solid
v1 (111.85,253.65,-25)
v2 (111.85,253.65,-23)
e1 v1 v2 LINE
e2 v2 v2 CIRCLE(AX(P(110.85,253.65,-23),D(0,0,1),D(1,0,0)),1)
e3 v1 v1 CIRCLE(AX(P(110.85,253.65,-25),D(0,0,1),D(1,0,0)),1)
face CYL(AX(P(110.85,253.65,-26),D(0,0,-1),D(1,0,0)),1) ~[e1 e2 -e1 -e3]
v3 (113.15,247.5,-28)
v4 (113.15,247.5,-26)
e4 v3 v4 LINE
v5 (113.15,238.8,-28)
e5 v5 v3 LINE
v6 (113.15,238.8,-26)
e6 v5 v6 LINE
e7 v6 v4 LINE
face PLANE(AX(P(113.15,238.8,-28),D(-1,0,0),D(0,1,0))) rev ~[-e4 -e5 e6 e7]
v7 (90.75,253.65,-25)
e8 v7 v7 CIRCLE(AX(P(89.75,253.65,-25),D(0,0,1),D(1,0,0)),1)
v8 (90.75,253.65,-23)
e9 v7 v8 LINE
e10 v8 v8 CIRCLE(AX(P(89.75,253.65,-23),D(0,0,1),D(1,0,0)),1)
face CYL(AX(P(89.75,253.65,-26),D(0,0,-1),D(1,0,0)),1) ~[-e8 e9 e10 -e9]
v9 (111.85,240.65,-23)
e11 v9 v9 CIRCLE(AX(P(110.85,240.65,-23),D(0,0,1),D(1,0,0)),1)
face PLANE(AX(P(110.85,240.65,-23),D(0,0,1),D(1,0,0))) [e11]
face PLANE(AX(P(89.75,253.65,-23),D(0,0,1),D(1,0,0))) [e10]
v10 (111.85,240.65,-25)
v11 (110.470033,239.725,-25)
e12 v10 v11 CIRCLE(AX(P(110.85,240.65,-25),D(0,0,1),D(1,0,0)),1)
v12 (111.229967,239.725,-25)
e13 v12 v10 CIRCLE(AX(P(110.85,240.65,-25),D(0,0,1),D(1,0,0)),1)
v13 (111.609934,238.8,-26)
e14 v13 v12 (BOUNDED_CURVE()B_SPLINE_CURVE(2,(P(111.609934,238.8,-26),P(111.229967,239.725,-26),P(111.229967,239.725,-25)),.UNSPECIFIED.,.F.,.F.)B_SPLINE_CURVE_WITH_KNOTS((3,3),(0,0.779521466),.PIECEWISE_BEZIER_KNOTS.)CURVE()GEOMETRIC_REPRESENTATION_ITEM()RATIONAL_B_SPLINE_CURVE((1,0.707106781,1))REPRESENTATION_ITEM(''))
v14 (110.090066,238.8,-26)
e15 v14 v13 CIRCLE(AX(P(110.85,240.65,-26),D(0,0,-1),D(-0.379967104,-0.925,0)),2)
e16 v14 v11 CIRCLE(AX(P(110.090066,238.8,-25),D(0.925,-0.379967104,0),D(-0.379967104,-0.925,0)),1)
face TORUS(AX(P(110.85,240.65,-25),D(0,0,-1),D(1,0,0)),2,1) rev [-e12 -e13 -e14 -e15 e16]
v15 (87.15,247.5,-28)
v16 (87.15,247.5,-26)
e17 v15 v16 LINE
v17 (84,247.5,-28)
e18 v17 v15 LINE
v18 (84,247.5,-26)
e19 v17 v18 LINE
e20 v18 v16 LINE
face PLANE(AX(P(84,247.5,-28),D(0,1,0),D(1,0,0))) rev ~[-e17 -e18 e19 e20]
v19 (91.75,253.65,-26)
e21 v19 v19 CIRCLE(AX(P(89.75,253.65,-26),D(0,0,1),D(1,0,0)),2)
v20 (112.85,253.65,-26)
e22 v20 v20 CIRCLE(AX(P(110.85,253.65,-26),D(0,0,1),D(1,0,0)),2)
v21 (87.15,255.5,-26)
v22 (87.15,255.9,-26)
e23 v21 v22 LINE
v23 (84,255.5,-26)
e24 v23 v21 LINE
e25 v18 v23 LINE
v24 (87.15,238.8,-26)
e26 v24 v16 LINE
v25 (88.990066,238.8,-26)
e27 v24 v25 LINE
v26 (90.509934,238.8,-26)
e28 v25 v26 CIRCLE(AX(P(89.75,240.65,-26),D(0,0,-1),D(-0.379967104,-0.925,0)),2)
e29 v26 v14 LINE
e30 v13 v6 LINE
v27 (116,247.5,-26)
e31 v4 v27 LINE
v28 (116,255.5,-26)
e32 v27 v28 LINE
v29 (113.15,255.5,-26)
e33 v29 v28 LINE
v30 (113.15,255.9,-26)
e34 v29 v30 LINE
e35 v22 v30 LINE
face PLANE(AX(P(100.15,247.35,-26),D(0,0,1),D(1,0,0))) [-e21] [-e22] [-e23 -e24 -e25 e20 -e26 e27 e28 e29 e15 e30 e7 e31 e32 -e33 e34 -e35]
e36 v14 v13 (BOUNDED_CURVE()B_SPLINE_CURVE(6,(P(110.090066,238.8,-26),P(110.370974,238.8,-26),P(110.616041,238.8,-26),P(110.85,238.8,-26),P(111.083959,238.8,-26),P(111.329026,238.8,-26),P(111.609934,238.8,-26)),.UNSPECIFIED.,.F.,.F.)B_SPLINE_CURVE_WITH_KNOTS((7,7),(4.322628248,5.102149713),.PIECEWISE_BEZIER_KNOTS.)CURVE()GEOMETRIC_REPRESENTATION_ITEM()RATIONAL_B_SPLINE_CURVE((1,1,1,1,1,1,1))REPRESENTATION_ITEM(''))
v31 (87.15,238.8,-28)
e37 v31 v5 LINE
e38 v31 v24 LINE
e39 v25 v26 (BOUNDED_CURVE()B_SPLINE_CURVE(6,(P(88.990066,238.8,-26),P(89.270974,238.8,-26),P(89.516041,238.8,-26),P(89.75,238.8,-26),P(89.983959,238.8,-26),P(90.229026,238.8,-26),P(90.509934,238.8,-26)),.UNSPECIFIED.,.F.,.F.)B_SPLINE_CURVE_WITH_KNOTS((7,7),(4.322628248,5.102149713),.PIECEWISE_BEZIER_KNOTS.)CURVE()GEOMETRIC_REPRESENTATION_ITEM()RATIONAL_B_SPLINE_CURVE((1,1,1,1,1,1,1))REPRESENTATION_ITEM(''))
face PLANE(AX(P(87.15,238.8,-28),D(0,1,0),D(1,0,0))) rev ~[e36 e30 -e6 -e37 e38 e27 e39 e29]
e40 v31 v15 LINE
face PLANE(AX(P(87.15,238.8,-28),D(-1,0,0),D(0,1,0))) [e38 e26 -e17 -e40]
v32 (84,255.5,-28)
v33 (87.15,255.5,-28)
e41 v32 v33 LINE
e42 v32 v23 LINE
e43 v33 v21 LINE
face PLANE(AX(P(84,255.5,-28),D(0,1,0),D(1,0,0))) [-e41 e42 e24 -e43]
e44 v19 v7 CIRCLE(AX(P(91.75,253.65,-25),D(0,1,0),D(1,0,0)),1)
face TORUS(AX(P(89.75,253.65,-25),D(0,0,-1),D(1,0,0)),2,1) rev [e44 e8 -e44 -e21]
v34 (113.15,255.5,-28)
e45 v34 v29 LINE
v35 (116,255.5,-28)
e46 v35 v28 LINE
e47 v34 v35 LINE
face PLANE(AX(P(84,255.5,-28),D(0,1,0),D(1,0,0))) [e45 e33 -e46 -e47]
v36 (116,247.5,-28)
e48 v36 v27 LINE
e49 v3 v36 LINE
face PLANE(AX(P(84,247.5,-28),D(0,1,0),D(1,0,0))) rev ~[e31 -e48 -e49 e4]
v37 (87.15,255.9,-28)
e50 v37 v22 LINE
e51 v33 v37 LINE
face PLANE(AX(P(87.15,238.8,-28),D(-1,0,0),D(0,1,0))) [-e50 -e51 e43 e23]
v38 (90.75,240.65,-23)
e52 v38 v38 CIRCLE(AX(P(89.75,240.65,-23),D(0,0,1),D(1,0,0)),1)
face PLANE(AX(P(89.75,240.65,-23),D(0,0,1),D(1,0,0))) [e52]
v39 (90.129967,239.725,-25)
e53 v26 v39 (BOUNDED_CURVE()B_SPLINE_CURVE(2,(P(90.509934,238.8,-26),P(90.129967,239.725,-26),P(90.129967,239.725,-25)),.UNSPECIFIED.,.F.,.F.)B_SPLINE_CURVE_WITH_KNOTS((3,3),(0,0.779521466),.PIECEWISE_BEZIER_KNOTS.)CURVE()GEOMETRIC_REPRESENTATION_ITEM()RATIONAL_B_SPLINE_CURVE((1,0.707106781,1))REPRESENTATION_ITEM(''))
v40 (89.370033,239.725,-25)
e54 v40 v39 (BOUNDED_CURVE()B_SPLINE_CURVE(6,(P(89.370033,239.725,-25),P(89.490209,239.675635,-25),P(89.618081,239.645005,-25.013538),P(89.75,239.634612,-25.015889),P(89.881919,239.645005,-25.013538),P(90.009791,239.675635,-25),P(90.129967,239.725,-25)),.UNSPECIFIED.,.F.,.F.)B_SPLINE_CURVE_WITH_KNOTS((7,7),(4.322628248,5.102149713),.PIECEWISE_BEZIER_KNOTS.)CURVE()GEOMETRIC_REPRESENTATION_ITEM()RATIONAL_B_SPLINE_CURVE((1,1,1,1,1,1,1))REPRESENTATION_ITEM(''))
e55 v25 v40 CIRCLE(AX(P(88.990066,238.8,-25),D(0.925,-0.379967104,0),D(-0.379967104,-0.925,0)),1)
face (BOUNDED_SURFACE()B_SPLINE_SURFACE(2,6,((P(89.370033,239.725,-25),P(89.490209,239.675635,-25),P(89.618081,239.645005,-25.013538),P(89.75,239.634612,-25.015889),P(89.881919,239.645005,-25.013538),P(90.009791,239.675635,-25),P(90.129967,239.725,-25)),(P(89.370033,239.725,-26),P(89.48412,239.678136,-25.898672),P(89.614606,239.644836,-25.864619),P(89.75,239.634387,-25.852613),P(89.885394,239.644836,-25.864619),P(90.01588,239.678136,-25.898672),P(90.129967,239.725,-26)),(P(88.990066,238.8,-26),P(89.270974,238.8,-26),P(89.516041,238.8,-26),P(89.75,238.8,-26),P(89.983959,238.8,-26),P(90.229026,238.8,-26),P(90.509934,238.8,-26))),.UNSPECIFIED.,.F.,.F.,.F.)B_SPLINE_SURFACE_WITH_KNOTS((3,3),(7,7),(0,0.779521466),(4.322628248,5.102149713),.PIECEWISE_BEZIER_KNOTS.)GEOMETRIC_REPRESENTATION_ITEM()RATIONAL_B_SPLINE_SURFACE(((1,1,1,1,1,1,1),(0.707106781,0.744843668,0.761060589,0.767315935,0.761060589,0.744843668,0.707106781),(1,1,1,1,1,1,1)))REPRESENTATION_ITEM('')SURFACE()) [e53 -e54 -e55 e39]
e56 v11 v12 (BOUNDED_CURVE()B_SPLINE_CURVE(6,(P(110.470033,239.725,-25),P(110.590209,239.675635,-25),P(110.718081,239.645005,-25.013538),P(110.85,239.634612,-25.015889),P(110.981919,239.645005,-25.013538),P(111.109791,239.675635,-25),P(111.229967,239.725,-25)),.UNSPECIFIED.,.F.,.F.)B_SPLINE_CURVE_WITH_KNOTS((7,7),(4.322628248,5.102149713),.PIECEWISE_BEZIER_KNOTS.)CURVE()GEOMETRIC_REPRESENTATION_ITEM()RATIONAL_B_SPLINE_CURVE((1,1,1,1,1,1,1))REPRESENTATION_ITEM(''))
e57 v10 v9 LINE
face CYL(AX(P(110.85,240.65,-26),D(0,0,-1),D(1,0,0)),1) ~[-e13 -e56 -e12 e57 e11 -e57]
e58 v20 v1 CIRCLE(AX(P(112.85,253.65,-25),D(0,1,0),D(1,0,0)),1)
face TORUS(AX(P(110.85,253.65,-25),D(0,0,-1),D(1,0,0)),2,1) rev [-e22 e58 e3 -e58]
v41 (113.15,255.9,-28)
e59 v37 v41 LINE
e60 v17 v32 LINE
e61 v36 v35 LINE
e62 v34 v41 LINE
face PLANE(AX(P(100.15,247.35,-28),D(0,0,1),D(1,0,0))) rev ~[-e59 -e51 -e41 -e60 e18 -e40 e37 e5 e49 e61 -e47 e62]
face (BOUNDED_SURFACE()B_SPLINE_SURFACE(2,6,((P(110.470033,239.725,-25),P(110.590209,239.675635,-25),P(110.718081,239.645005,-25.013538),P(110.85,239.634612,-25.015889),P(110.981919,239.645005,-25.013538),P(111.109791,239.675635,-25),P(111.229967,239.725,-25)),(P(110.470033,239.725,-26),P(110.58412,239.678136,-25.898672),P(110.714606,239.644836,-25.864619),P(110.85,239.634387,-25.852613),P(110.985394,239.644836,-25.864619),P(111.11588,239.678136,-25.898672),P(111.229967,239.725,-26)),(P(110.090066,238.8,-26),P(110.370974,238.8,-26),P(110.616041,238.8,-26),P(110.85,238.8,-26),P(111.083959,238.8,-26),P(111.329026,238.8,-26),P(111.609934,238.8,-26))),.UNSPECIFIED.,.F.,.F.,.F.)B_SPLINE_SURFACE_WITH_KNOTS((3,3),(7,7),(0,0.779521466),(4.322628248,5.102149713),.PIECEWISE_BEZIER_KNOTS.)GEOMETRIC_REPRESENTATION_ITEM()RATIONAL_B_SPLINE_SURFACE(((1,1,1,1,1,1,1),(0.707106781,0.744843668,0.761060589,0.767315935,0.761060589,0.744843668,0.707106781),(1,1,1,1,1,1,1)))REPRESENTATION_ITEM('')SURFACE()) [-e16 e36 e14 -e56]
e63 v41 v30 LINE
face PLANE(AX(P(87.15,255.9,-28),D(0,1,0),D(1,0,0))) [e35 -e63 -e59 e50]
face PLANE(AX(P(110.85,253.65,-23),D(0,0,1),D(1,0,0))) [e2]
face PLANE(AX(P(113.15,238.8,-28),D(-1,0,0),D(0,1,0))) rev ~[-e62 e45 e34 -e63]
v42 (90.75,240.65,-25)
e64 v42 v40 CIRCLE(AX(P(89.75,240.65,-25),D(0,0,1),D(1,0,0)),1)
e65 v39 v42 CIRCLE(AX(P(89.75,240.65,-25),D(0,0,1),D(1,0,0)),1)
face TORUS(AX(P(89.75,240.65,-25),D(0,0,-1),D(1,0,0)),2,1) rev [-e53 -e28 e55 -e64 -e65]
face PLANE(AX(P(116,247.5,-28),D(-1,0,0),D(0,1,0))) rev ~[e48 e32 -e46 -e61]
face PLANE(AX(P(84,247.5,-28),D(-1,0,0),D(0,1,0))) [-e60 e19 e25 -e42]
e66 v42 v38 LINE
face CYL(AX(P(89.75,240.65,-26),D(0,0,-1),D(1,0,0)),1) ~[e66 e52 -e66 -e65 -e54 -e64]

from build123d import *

# Parameters (mm, degrees)
CYLINDER015_R     = 1
CYLINDER015_DEPTH = 3
CYLINDER014_R     = 1
CYLINDER014_DEPTH = 3
CYLINDER013_R     = 1
CYLINDER013_DEPTH = 3
CYLINDER016_R     = 1
CYLINDER016_DEPTH = 3
BOX004_W          = 26
BOX004_H          = 17.1
BOX004_DEPTH      = 2
BOX005_W          = 32
BOX005_H          = 8
BOX005_DEPTH      = 2
FILLET003_R       = 1


with BuildPart() as cilindro015:
    # Cylinder015 → Cylinder015 (new body)
    with BuildSketch(Plane(origin=(89.75, 253.65, 4), x_dir=(1, 0, 0), z_dir=(0, 0, 1))):
        Circle(CYLINDER015_R)
    extrude(amount=CYLINDER015_DEPTH)


with BuildPart() as cilindro014:
    # Cylinder014 → Cylinder014 (new body)
    with BuildSketch(Plane(origin=(89.75, 240.65, 4), x_dir=(1, 0, 0), z_dir=(0, 0, 1))):
        Circle(CYLINDER014_R)
    extrude(amount=CYLINDER014_DEPTH)


with BuildPart() as cilindro013:
    # Cylinder013 → Cylinder013 (new body)
    with BuildSketch(Plane(origin=(110.85, 240.65, 4), x_dir=(1, 0, 0), z_dir=(0, 0, 1))):
        Circle(CYLINDER013_R)
    extrude(amount=CYLINDER013_DEPTH)


with BuildPart() as fusion011:
    # Cylinder016 → Cylinder016 (new body)
    with BuildSketch(Plane(origin=(110.85, 253.65, 4), x_dir=(1, 0, 0), z_dir=(0, 0, 1))):
        Circle(CYLINDER016_R)
    extrude(amount=CYLINDER016_DEPTH)

    # Fusion011: union Cilindro015, Cilindro014, Cilindro013
    add(cilindro015.part)
    add(cilindro014.part)
    add(cilindro013.part)


with BuildPart() as fusion011_1:
    # Fusion011 placement: moved
    add(fusion011.part.moved(Location((0, 0, -4))))


with BuildPart() as cubo004:
    # Box004 → Box004 (new body)
    with BuildSketch(Plane(origin=(87.15, 238.8, -2), x_dir=(1, 0, 0), z_dir=(0, 0, 1))):
        with Locations((13, 8.55)):
            Rectangle(BOX004_W, BOX004_H)
    extrude(amount=BOX004_DEPTH)


with BuildPart() as tapa:
    # Box005 → Box005 (new body)
    with BuildSketch(Plane(origin=(84, 247.5, -2), x_dir=(1, 0, 0), z_dir=(0, 0, 1))):
        with Locations((16, 4)):
            Rectangle(BOX005_W, BOX005_H)
    extrude(amount=BOX005_DEPTH)

    # Fusion016: union Cubo004
    add(cubo004.part)

    # Fusion017: union Fusion011
    add(fusion011_1.part)


with BuildPart() as tapa_1:
    # Fusion017 placement: moved
    add(tapa.part.moved(Location((0, 0, -26))))

    # Fillet003
    fillet003_edges = [tapa_1.edges().sort_by_distance(p)[0] for p in [
        (109.85, 253.65, -26),
        (109.85, 240.65, -26),
        (88.75, 240.65, -26),
        (88.75, 253.65, -26),
    ]]
    fillet(fillet003_edges, radius=FILLET003_R)


solid = tapa_1.part
